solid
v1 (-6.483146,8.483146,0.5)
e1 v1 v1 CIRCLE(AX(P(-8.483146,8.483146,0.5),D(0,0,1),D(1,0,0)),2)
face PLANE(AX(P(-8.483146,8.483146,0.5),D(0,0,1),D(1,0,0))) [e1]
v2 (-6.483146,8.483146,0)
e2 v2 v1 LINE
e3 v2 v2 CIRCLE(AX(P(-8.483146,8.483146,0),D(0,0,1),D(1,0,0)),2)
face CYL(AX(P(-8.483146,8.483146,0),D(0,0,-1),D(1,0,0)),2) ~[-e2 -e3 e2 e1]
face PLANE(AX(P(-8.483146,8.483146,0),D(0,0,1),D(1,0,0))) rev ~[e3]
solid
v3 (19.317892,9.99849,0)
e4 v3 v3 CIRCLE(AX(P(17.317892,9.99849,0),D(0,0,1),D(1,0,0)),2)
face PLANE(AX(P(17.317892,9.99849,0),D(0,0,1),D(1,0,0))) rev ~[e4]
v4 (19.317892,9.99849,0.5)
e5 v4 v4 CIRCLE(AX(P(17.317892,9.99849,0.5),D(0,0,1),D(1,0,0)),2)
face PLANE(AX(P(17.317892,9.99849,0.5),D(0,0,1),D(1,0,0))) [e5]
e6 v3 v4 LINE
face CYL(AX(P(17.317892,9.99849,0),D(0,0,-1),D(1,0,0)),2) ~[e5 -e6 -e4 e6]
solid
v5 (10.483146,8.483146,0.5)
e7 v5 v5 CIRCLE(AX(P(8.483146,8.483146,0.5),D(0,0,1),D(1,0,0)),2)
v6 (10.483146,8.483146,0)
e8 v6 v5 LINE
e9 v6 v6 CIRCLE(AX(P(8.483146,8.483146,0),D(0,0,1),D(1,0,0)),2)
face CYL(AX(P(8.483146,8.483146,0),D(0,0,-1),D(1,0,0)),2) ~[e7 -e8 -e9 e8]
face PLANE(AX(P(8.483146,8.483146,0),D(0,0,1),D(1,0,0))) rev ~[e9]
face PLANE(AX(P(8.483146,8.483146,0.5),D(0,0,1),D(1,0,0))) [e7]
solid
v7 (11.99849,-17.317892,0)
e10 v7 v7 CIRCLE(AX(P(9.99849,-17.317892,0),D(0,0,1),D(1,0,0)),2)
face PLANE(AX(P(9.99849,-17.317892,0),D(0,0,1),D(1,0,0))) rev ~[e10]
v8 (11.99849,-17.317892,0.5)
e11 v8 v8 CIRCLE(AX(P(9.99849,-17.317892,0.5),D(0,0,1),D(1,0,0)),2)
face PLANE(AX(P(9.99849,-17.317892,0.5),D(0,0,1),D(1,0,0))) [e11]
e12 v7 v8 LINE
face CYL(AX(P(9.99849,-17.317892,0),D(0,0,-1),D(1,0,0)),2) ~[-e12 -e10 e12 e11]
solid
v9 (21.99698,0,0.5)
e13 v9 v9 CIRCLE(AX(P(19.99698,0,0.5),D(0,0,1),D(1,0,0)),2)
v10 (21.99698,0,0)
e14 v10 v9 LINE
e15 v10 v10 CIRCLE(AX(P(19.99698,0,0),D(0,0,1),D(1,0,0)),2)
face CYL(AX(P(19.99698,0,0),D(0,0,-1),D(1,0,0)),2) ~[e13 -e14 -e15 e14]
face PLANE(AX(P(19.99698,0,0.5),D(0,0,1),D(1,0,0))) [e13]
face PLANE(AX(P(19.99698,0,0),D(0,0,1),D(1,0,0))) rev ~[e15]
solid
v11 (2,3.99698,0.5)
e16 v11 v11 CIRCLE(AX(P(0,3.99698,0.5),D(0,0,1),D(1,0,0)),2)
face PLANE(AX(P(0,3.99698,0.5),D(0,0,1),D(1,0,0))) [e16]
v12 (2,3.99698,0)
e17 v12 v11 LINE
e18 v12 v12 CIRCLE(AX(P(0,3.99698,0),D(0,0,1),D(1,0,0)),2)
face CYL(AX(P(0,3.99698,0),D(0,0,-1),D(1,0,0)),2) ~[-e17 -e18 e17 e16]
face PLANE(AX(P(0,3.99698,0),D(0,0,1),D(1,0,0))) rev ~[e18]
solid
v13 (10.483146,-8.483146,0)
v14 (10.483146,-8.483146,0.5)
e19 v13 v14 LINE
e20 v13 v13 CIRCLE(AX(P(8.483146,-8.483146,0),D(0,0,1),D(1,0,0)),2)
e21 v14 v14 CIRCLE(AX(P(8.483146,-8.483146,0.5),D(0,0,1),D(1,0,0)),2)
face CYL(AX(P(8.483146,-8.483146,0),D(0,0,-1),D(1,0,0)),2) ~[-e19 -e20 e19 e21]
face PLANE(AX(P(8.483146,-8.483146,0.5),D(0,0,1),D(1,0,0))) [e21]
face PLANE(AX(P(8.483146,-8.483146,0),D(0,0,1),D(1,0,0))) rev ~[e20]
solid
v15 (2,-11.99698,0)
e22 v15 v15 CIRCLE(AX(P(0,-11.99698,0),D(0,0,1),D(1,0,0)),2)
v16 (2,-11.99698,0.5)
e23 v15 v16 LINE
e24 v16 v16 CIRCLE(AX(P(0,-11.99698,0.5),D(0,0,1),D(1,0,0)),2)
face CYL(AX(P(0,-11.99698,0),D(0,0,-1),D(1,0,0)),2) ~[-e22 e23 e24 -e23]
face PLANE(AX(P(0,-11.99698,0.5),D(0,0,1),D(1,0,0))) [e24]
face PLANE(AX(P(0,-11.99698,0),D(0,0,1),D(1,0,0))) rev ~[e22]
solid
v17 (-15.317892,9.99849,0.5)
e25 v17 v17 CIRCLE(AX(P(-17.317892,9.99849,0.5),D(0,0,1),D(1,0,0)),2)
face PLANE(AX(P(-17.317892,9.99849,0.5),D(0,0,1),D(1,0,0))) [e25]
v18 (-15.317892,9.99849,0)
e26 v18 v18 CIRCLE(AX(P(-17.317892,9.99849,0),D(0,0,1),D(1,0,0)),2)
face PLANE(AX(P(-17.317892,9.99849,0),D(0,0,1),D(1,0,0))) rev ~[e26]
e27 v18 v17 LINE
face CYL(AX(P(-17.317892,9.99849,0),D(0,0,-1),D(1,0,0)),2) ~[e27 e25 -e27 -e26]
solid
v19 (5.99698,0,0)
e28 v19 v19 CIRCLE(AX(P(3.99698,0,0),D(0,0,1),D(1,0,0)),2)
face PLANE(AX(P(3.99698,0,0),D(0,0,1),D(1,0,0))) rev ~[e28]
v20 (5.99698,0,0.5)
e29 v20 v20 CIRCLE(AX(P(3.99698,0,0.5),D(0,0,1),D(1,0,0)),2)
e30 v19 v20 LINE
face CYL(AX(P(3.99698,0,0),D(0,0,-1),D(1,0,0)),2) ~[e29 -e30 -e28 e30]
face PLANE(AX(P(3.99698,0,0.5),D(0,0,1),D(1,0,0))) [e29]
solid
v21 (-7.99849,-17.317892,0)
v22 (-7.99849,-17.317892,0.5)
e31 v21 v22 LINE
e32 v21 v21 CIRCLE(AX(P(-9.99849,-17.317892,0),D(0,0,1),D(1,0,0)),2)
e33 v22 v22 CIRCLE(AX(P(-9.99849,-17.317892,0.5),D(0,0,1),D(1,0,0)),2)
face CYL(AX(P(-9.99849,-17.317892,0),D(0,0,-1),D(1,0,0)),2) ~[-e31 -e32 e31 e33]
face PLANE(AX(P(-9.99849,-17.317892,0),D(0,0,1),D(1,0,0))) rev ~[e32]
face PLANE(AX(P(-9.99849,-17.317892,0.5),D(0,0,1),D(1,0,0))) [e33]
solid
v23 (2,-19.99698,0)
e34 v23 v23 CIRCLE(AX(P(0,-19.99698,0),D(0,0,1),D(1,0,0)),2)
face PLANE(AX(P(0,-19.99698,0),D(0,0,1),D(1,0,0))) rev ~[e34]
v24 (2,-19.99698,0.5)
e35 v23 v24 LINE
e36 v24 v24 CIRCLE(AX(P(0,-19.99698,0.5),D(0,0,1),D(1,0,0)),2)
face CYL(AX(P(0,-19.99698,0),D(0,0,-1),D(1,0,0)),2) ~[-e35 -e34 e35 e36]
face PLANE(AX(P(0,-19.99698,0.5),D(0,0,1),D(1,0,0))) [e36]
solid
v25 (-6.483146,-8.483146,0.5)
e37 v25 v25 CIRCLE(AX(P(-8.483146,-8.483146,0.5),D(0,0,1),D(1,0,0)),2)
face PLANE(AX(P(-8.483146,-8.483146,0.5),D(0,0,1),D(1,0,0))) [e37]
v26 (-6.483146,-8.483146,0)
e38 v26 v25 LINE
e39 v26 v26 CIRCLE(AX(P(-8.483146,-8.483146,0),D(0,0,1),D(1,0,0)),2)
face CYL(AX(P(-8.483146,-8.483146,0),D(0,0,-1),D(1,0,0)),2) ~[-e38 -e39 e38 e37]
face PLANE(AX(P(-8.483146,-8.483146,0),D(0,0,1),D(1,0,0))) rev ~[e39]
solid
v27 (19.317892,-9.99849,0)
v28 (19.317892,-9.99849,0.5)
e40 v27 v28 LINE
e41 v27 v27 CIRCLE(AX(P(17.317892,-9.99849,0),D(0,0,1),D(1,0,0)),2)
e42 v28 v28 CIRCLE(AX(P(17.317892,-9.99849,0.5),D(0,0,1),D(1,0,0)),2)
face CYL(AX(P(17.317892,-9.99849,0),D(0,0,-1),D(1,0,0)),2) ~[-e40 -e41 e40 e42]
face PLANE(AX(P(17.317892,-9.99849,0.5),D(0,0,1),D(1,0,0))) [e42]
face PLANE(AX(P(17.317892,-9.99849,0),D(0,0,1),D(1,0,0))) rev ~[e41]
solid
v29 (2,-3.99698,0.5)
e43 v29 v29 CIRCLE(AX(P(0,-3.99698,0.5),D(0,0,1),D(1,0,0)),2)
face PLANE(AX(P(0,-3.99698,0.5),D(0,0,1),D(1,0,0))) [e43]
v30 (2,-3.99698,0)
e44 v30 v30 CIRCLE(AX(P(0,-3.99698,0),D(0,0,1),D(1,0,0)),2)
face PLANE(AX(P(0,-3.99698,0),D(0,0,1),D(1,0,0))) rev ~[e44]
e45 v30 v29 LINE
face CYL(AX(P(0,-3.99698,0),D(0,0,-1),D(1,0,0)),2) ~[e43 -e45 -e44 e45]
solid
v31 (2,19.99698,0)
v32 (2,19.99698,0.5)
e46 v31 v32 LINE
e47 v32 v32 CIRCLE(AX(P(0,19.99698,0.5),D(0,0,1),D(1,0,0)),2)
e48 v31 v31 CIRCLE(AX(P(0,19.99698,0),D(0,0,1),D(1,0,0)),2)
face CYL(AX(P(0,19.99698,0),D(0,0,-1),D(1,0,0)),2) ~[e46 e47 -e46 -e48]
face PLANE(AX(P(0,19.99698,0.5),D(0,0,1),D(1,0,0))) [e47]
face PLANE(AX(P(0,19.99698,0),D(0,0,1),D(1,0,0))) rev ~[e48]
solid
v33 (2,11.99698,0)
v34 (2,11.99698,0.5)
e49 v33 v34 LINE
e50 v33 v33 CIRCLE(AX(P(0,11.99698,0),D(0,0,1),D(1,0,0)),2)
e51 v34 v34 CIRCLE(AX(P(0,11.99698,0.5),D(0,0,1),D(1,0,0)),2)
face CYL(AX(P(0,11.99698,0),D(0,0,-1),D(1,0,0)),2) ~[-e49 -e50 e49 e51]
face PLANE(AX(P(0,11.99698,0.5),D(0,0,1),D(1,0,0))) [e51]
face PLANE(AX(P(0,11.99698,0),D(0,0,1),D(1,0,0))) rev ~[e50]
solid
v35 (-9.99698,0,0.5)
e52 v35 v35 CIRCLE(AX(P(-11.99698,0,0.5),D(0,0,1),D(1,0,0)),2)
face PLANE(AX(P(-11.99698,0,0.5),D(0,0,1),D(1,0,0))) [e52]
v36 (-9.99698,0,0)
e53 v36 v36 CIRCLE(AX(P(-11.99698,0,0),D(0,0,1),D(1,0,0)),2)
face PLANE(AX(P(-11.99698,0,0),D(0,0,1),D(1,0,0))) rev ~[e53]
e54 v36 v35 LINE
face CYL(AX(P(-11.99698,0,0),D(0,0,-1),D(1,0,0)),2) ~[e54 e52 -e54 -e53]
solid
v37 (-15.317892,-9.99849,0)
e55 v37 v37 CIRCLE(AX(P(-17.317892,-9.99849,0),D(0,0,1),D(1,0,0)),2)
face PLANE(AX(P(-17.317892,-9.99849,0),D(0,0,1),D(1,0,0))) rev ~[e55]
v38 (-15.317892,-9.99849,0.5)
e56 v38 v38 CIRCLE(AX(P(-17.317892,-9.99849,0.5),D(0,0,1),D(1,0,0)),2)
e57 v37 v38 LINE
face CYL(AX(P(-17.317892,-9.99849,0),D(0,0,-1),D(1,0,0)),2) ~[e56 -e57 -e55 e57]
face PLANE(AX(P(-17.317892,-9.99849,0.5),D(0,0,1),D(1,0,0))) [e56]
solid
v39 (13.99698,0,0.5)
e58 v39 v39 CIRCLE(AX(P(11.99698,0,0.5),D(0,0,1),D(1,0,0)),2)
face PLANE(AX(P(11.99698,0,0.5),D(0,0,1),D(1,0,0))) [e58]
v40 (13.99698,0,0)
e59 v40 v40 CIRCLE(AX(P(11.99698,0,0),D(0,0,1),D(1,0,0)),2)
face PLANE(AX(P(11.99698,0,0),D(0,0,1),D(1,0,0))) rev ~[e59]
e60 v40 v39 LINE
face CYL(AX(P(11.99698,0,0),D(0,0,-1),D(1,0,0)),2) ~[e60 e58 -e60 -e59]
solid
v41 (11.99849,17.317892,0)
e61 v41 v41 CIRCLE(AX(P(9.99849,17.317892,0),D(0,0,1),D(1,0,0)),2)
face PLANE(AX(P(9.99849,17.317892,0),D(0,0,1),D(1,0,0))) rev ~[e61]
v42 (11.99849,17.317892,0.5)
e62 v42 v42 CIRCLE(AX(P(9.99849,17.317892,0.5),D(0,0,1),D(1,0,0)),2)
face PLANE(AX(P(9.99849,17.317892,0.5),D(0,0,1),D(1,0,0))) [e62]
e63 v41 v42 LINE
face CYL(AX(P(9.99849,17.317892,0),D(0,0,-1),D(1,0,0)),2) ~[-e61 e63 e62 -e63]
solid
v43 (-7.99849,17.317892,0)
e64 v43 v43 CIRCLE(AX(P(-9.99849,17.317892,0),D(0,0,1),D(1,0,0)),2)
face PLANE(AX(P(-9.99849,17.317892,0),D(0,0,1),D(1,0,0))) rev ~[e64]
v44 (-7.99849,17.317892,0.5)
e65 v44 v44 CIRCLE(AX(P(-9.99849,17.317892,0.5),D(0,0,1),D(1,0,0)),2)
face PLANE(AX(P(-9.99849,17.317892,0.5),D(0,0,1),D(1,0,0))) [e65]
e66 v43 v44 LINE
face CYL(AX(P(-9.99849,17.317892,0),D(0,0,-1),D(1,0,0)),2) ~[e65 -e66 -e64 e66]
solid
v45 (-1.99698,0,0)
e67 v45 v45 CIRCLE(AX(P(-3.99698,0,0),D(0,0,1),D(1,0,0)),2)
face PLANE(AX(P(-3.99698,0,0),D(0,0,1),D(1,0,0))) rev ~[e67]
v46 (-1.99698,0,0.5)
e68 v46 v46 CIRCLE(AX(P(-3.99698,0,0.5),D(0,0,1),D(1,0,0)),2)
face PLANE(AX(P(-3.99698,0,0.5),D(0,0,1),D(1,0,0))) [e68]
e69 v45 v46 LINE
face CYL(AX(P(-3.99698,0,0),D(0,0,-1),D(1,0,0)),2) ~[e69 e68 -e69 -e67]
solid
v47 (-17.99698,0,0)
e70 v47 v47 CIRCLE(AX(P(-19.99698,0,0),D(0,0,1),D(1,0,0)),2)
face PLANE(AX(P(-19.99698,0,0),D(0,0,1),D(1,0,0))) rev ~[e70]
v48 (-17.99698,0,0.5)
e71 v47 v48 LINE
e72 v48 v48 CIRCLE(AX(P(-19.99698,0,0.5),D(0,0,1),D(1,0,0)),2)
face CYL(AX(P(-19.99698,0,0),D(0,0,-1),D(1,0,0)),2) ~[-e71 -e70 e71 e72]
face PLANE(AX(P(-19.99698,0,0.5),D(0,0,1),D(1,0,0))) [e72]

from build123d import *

# Parameters (mm, degrees)
F0_R     = 2
F1_DEPTH = 0.5


with BuildPart() as f1:
    # F0 (on Top) → F1 (new body)
    with BuildSketch(Plane.XY):
        with Locations((-17.317892, -9.99849)):
            Circle(F0_R)
        with Locations((-9.99849, -17.317892)):
            Circle(F0_R)
        with Locations((0, -19.99698)):
            Circle(F0_R)
        with Locations((9.99849, -17.317892)):
            Circle(F0_R)
        with Locations((8.483146, -8.483146)):
            Circle(F0_R)
        with Locations((0, -11.99698)):
            Circle(F0_R)
        with Locations((-8.483146, -8.483146)):
            Circle(F0_R)
        with Locations((-11.99698, 0)):
            Circle(F0_R)
        with Locations((-19.99698, 0)):
            Circle(F0_R)
        with Locations((-17.317892, 9.99849)):
            Circle(F0_R)
        with Locations((-8.483146, 8.483146)):
            Circle(F0_R)
        with Locations((-9.99849, 17.317892)):
            Circle(F0_R)
        with Locations((0, 11.99698)):
            Circle(F0_R)
        with Locations((0, 19.99698)):
            Circle(F0_R)
        with Locations((9.99849, 17.317892)):
            Circle(F0_R)
        with Locations((8.483146, 8.483146)):
            Circle(F0_R)
        with Locations((17.317892, 9.99849)):
            Circle(F0_R)
        with Locations((19.99698, 0)):
            Circle(F0_R)
        with Locations((17.317892, -9.99849)):
            Circle(F0_R)
        with Locations((11.99698, 0)):
            Circle(F0_R)
        with Locations((3.99698, 0)):
            Circle(F0_R)
        with Locations((0, 3.99698)):
            Circle(F0_R)
        with Locations((0, -3.99698)):
            Circle(F0_R)
        with Locations((-3.99698, 0)):
            Circle(F0_R)
    extrude(amount=F1_DEPTH)


solid = f1.part
